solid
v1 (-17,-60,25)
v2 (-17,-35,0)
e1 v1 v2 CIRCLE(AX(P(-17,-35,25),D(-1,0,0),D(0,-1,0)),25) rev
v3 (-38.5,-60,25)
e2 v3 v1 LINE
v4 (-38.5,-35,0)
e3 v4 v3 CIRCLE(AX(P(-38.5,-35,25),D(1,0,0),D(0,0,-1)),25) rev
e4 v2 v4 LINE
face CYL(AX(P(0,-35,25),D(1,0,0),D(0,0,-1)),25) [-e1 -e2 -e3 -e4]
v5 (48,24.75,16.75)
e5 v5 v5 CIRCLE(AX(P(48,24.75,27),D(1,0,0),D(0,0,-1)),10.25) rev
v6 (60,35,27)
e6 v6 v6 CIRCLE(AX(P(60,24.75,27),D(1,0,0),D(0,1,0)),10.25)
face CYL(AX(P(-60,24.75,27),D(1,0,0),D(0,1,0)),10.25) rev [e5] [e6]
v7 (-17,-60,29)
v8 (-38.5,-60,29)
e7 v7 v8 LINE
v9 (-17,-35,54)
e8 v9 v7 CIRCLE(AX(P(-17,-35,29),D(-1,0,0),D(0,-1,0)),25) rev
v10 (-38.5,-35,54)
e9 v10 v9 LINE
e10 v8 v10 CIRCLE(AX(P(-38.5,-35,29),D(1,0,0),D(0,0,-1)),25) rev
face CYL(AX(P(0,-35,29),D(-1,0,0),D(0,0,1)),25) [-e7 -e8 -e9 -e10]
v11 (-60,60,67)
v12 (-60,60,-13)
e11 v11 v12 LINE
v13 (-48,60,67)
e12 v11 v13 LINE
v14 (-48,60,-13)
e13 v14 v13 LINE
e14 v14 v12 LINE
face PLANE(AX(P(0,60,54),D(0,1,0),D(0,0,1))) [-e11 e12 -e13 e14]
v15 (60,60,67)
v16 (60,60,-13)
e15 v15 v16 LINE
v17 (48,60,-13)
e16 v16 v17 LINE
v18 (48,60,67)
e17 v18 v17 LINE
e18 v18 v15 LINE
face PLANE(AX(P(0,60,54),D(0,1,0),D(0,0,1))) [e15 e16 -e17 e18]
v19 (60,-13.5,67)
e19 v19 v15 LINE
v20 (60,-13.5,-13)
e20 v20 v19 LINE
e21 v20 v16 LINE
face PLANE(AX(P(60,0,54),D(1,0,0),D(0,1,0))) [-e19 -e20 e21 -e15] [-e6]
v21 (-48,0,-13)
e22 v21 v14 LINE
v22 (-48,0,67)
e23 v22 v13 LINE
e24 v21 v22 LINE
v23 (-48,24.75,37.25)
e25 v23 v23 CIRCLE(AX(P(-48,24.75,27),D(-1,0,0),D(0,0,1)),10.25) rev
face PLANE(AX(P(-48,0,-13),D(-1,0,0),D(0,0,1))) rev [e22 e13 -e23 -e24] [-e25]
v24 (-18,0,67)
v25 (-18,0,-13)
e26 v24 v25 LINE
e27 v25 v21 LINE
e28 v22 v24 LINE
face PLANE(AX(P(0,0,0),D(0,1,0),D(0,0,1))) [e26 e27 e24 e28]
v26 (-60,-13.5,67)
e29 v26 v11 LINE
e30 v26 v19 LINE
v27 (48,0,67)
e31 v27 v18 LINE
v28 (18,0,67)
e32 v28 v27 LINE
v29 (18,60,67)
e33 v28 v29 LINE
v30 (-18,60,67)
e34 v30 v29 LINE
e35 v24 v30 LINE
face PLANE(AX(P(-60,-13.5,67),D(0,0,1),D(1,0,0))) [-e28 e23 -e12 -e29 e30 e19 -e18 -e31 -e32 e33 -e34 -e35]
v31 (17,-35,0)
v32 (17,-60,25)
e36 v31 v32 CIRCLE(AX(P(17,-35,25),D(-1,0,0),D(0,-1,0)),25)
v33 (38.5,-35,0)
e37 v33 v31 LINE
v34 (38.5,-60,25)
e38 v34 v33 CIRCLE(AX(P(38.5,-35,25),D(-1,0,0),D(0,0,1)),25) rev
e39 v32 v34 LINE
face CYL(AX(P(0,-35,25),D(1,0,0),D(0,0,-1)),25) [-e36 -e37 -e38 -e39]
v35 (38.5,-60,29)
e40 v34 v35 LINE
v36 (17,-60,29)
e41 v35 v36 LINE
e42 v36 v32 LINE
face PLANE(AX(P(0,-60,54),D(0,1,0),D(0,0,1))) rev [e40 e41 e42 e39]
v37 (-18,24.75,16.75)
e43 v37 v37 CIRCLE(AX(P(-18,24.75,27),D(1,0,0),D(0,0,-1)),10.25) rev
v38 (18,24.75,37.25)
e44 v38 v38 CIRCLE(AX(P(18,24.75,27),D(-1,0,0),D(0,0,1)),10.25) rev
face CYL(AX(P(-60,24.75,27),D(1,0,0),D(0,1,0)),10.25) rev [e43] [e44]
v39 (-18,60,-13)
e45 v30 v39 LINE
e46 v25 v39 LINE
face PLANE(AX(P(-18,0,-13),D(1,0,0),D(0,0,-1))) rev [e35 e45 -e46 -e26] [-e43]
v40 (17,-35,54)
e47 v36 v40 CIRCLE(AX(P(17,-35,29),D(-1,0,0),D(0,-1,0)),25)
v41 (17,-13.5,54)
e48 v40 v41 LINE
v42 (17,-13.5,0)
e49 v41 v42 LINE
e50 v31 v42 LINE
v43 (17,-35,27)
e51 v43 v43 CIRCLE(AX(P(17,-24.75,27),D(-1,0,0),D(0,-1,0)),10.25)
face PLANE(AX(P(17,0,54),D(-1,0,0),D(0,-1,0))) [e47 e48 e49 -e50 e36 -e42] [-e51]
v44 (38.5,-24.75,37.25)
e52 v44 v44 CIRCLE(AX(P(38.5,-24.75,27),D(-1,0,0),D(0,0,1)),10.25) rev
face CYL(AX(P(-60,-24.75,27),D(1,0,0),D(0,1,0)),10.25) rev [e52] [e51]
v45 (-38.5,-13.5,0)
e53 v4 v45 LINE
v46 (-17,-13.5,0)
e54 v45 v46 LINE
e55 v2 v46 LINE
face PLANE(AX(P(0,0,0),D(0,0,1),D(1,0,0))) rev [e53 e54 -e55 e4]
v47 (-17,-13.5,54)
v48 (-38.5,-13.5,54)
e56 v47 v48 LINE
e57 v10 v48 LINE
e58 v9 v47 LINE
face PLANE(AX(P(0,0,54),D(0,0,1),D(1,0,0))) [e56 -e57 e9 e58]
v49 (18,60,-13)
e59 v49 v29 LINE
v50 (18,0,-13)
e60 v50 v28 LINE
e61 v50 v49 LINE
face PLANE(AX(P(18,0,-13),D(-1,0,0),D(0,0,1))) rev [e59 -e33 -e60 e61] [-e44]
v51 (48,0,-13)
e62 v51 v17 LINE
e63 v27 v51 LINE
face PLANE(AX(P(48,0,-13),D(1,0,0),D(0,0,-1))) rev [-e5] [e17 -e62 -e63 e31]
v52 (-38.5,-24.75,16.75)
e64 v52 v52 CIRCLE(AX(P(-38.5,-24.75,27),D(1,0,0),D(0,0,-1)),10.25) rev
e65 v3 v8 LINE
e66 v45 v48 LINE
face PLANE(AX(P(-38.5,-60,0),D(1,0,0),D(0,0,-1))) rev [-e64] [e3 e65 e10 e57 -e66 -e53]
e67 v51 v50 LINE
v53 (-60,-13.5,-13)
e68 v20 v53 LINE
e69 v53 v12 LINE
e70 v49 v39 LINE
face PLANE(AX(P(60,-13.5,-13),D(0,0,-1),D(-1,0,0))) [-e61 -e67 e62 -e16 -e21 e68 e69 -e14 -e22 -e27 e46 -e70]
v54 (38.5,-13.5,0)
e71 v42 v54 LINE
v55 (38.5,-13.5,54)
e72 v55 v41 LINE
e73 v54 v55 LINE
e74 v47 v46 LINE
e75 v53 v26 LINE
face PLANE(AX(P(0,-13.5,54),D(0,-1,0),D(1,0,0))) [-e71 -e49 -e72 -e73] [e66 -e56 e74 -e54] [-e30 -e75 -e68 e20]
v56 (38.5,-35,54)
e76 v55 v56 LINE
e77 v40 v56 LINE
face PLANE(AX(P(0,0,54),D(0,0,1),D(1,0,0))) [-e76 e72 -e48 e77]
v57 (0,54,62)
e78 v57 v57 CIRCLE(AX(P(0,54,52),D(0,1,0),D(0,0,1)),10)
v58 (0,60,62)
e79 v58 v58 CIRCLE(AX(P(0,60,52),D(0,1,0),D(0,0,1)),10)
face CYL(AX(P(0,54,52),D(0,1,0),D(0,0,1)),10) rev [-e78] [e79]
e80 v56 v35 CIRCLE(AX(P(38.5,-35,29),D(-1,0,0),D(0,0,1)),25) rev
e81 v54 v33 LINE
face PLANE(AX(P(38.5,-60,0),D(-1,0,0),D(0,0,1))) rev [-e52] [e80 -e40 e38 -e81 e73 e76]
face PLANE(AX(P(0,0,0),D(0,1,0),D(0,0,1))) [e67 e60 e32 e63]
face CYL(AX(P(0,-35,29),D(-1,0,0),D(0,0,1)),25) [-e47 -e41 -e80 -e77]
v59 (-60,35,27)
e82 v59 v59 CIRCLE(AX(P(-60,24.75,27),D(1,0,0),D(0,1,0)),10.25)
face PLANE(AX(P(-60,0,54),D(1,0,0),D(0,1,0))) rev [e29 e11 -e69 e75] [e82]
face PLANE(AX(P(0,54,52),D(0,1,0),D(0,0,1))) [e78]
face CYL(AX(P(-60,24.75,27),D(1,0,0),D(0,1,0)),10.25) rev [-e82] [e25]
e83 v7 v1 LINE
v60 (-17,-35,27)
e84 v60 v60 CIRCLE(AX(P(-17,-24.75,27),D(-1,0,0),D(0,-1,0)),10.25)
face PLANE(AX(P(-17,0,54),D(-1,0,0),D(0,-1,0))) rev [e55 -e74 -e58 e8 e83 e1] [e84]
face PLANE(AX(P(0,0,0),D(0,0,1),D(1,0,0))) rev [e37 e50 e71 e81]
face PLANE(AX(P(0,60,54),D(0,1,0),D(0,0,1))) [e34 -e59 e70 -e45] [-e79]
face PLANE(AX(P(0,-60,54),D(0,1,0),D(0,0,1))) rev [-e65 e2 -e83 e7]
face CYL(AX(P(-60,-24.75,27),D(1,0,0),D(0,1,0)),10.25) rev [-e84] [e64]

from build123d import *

# Parameters (mm, degrees)
BOSS_EXTRUDE1_DEPTH     = 54
CUT_EXTRUDE1_DEPTH      = 145.623649518
CUT_EXTRUDE1_DEPTH_BACK = 145.623649518
SKETCH2_R               = 10.25
CUT_EXTRUDE2_DEPTH      = 145.623649518
CUT_EXTRUDE2_DEPTH_BACK = 145.623649518
SKETCH3_R               = 10.25
CUT_EXTRUDE3_DEPTH      = 101.578327685
CUT_EXTRUDE3_DEPTH_BACK = 101.578327685
SKETCH4_W               = 21.5
SKETCH4_H               = 46.5
FILLET1_R               = 25
SKETCH5_W               = 120
SKETCH5_H               = 13
BOSS_EXTRUDE2_DEPTH     = 73.5
SKETCH6_W               = 30
SKETCH6_H               = 80
CUT_EXTRUDE4_DEPTH      = 60
SKETCH7_R               = 10
CUT_EXTRUDE5_DEPTH      = 6


with BuildPart() as part:
    # Sketch1 → Boss-Extrude1 (new body)
    with BuildSketch(Plane.XY):
        Polygon((60, 60), (-60, 60), (-60, -60), (-17, -60), (-17, -13.5), (17, -13.5), (17, -60), (60, -60), align=None)
    extrude(amount=BOSS_EXTRUDE1_DEPTH)

    # Sketch2 → Cut-Extrude1 (cut, two sides: drawn at the far end of the back side and taken through both)
    with BuildSketch(Plane(origin=(60, 0, 0), x_dir=(0, 0, -1), z_dir=(1, 0, 0)).offset(-CUT_EXTRUDE1_DEPTH_BACK)):
        with Locations(Location((-27, -24.75, 0), (0, 0, 90))):
            Circle(SKETCH2_R)
    extrude(amount=CUT_EXTRUDE1_DEPTH + CUT_EXTRUDE1_DEPTH_BACK, mode=Mode.SUBTRACT)

    # Sketch3 → Cut-Extrude2 (cut, two sides: drawn at the far end of the back side and taken through both)
    with BuildSketch(Plane(origin=(60, 0, 0), x_dir=(0, 0, -1), z_dir=(1, 0, 0)).offset(-CUT_EXTRUDE2_DEPTH_BACK)):
        with Locations(Location((-27, 24.75, 0), (0, 0, 90))):
            Circle(SKETCH3_R)
    extrude(amount=CUT_EXTRUDE2_DEPTH + CUT_EXTRUDE2_DEPTH_BACK, mode=Mode.SUBTRACT)

    # Sketch4 → Cut-Extrude3 (cut, two sides: drawn at the far end of the back side and taken through both)
    with BuildSketch(Plane.XY.offset(54).offset(-CUT_EXTRUDE3_DEPTH_BACK)):
        with Locations((-49.25, -36.75)):
            Rectangle(SKETCH4_W, SKETCH4_H)
        with Locations((49.25, -36.75)):
            Rectangle(SKETCH4_W, SKETCH4_H)
    extrude(amount=CUT_EXTRUDE3_DEPTH + CUT_EXTRUDE3_DEPTH_BACK, mode=Mode.SUBTRACT)

    # Fillet1
    fillet1_edges = [part.edges().sort_by_distance(p)[0] for p in [
        (27.75, -60, 0),
        (27.75, -60, 54),
        (-27.75, -60, 0),
        (-27.75, -60, 54),
    ]]
    fillet(fillet1_edges, radius=FILLET1_R)

    # Sketch5 → Boss-Extrude2 (add)
    with BuildSketch(Plane(origin=(0, 60, 0), x_dir=(1, 0, 0), z_dir=(0, 1, 0))):
        with Locations((0, 6.5)):
            Rectangle(SKETCH5_W, SKETCH5_H)
        with Locations((0, -60.5)):
            Rectangle(SKETCH5_W, SKETCH5_H)
    extrude(amount=-BOSS_EXTRUDE2_DEPTH)

    # Sketch6 → Cut-Extrude4 (cut)
    with BuildSketch(Plane(origin=(0, 60, 0), x_dir=(1, 0, 0), z_dir=(0, 1, 0))):
        with Locations((-33, -27)):
            Rectangle(SKETCH6_W, SKETCH6_H)
        with Locations((33, -27)):
            Rectangle(SKETCH6_W, SKETCH6_H)
    extrude(amount=-CUT_EXTRUDE4_DEPTH, mode=Mode.SUBTRACT)

    # Sketch7 → Cut-Extrude5 (cut)
    with BuildSketch(Plane(origin=(0, 60, 0), x_dir=(1, 0, 0), z_dir=(0, 1, 0))):
        with Locations(Location((0, -52, 0), (0, 0, 270))):
            Circle(SKETCH7_R)
    extrude(amount=-CUT_EXTRUDE5_DEPTH, mode=Mode.SUBTRACT)


solid = part.part
